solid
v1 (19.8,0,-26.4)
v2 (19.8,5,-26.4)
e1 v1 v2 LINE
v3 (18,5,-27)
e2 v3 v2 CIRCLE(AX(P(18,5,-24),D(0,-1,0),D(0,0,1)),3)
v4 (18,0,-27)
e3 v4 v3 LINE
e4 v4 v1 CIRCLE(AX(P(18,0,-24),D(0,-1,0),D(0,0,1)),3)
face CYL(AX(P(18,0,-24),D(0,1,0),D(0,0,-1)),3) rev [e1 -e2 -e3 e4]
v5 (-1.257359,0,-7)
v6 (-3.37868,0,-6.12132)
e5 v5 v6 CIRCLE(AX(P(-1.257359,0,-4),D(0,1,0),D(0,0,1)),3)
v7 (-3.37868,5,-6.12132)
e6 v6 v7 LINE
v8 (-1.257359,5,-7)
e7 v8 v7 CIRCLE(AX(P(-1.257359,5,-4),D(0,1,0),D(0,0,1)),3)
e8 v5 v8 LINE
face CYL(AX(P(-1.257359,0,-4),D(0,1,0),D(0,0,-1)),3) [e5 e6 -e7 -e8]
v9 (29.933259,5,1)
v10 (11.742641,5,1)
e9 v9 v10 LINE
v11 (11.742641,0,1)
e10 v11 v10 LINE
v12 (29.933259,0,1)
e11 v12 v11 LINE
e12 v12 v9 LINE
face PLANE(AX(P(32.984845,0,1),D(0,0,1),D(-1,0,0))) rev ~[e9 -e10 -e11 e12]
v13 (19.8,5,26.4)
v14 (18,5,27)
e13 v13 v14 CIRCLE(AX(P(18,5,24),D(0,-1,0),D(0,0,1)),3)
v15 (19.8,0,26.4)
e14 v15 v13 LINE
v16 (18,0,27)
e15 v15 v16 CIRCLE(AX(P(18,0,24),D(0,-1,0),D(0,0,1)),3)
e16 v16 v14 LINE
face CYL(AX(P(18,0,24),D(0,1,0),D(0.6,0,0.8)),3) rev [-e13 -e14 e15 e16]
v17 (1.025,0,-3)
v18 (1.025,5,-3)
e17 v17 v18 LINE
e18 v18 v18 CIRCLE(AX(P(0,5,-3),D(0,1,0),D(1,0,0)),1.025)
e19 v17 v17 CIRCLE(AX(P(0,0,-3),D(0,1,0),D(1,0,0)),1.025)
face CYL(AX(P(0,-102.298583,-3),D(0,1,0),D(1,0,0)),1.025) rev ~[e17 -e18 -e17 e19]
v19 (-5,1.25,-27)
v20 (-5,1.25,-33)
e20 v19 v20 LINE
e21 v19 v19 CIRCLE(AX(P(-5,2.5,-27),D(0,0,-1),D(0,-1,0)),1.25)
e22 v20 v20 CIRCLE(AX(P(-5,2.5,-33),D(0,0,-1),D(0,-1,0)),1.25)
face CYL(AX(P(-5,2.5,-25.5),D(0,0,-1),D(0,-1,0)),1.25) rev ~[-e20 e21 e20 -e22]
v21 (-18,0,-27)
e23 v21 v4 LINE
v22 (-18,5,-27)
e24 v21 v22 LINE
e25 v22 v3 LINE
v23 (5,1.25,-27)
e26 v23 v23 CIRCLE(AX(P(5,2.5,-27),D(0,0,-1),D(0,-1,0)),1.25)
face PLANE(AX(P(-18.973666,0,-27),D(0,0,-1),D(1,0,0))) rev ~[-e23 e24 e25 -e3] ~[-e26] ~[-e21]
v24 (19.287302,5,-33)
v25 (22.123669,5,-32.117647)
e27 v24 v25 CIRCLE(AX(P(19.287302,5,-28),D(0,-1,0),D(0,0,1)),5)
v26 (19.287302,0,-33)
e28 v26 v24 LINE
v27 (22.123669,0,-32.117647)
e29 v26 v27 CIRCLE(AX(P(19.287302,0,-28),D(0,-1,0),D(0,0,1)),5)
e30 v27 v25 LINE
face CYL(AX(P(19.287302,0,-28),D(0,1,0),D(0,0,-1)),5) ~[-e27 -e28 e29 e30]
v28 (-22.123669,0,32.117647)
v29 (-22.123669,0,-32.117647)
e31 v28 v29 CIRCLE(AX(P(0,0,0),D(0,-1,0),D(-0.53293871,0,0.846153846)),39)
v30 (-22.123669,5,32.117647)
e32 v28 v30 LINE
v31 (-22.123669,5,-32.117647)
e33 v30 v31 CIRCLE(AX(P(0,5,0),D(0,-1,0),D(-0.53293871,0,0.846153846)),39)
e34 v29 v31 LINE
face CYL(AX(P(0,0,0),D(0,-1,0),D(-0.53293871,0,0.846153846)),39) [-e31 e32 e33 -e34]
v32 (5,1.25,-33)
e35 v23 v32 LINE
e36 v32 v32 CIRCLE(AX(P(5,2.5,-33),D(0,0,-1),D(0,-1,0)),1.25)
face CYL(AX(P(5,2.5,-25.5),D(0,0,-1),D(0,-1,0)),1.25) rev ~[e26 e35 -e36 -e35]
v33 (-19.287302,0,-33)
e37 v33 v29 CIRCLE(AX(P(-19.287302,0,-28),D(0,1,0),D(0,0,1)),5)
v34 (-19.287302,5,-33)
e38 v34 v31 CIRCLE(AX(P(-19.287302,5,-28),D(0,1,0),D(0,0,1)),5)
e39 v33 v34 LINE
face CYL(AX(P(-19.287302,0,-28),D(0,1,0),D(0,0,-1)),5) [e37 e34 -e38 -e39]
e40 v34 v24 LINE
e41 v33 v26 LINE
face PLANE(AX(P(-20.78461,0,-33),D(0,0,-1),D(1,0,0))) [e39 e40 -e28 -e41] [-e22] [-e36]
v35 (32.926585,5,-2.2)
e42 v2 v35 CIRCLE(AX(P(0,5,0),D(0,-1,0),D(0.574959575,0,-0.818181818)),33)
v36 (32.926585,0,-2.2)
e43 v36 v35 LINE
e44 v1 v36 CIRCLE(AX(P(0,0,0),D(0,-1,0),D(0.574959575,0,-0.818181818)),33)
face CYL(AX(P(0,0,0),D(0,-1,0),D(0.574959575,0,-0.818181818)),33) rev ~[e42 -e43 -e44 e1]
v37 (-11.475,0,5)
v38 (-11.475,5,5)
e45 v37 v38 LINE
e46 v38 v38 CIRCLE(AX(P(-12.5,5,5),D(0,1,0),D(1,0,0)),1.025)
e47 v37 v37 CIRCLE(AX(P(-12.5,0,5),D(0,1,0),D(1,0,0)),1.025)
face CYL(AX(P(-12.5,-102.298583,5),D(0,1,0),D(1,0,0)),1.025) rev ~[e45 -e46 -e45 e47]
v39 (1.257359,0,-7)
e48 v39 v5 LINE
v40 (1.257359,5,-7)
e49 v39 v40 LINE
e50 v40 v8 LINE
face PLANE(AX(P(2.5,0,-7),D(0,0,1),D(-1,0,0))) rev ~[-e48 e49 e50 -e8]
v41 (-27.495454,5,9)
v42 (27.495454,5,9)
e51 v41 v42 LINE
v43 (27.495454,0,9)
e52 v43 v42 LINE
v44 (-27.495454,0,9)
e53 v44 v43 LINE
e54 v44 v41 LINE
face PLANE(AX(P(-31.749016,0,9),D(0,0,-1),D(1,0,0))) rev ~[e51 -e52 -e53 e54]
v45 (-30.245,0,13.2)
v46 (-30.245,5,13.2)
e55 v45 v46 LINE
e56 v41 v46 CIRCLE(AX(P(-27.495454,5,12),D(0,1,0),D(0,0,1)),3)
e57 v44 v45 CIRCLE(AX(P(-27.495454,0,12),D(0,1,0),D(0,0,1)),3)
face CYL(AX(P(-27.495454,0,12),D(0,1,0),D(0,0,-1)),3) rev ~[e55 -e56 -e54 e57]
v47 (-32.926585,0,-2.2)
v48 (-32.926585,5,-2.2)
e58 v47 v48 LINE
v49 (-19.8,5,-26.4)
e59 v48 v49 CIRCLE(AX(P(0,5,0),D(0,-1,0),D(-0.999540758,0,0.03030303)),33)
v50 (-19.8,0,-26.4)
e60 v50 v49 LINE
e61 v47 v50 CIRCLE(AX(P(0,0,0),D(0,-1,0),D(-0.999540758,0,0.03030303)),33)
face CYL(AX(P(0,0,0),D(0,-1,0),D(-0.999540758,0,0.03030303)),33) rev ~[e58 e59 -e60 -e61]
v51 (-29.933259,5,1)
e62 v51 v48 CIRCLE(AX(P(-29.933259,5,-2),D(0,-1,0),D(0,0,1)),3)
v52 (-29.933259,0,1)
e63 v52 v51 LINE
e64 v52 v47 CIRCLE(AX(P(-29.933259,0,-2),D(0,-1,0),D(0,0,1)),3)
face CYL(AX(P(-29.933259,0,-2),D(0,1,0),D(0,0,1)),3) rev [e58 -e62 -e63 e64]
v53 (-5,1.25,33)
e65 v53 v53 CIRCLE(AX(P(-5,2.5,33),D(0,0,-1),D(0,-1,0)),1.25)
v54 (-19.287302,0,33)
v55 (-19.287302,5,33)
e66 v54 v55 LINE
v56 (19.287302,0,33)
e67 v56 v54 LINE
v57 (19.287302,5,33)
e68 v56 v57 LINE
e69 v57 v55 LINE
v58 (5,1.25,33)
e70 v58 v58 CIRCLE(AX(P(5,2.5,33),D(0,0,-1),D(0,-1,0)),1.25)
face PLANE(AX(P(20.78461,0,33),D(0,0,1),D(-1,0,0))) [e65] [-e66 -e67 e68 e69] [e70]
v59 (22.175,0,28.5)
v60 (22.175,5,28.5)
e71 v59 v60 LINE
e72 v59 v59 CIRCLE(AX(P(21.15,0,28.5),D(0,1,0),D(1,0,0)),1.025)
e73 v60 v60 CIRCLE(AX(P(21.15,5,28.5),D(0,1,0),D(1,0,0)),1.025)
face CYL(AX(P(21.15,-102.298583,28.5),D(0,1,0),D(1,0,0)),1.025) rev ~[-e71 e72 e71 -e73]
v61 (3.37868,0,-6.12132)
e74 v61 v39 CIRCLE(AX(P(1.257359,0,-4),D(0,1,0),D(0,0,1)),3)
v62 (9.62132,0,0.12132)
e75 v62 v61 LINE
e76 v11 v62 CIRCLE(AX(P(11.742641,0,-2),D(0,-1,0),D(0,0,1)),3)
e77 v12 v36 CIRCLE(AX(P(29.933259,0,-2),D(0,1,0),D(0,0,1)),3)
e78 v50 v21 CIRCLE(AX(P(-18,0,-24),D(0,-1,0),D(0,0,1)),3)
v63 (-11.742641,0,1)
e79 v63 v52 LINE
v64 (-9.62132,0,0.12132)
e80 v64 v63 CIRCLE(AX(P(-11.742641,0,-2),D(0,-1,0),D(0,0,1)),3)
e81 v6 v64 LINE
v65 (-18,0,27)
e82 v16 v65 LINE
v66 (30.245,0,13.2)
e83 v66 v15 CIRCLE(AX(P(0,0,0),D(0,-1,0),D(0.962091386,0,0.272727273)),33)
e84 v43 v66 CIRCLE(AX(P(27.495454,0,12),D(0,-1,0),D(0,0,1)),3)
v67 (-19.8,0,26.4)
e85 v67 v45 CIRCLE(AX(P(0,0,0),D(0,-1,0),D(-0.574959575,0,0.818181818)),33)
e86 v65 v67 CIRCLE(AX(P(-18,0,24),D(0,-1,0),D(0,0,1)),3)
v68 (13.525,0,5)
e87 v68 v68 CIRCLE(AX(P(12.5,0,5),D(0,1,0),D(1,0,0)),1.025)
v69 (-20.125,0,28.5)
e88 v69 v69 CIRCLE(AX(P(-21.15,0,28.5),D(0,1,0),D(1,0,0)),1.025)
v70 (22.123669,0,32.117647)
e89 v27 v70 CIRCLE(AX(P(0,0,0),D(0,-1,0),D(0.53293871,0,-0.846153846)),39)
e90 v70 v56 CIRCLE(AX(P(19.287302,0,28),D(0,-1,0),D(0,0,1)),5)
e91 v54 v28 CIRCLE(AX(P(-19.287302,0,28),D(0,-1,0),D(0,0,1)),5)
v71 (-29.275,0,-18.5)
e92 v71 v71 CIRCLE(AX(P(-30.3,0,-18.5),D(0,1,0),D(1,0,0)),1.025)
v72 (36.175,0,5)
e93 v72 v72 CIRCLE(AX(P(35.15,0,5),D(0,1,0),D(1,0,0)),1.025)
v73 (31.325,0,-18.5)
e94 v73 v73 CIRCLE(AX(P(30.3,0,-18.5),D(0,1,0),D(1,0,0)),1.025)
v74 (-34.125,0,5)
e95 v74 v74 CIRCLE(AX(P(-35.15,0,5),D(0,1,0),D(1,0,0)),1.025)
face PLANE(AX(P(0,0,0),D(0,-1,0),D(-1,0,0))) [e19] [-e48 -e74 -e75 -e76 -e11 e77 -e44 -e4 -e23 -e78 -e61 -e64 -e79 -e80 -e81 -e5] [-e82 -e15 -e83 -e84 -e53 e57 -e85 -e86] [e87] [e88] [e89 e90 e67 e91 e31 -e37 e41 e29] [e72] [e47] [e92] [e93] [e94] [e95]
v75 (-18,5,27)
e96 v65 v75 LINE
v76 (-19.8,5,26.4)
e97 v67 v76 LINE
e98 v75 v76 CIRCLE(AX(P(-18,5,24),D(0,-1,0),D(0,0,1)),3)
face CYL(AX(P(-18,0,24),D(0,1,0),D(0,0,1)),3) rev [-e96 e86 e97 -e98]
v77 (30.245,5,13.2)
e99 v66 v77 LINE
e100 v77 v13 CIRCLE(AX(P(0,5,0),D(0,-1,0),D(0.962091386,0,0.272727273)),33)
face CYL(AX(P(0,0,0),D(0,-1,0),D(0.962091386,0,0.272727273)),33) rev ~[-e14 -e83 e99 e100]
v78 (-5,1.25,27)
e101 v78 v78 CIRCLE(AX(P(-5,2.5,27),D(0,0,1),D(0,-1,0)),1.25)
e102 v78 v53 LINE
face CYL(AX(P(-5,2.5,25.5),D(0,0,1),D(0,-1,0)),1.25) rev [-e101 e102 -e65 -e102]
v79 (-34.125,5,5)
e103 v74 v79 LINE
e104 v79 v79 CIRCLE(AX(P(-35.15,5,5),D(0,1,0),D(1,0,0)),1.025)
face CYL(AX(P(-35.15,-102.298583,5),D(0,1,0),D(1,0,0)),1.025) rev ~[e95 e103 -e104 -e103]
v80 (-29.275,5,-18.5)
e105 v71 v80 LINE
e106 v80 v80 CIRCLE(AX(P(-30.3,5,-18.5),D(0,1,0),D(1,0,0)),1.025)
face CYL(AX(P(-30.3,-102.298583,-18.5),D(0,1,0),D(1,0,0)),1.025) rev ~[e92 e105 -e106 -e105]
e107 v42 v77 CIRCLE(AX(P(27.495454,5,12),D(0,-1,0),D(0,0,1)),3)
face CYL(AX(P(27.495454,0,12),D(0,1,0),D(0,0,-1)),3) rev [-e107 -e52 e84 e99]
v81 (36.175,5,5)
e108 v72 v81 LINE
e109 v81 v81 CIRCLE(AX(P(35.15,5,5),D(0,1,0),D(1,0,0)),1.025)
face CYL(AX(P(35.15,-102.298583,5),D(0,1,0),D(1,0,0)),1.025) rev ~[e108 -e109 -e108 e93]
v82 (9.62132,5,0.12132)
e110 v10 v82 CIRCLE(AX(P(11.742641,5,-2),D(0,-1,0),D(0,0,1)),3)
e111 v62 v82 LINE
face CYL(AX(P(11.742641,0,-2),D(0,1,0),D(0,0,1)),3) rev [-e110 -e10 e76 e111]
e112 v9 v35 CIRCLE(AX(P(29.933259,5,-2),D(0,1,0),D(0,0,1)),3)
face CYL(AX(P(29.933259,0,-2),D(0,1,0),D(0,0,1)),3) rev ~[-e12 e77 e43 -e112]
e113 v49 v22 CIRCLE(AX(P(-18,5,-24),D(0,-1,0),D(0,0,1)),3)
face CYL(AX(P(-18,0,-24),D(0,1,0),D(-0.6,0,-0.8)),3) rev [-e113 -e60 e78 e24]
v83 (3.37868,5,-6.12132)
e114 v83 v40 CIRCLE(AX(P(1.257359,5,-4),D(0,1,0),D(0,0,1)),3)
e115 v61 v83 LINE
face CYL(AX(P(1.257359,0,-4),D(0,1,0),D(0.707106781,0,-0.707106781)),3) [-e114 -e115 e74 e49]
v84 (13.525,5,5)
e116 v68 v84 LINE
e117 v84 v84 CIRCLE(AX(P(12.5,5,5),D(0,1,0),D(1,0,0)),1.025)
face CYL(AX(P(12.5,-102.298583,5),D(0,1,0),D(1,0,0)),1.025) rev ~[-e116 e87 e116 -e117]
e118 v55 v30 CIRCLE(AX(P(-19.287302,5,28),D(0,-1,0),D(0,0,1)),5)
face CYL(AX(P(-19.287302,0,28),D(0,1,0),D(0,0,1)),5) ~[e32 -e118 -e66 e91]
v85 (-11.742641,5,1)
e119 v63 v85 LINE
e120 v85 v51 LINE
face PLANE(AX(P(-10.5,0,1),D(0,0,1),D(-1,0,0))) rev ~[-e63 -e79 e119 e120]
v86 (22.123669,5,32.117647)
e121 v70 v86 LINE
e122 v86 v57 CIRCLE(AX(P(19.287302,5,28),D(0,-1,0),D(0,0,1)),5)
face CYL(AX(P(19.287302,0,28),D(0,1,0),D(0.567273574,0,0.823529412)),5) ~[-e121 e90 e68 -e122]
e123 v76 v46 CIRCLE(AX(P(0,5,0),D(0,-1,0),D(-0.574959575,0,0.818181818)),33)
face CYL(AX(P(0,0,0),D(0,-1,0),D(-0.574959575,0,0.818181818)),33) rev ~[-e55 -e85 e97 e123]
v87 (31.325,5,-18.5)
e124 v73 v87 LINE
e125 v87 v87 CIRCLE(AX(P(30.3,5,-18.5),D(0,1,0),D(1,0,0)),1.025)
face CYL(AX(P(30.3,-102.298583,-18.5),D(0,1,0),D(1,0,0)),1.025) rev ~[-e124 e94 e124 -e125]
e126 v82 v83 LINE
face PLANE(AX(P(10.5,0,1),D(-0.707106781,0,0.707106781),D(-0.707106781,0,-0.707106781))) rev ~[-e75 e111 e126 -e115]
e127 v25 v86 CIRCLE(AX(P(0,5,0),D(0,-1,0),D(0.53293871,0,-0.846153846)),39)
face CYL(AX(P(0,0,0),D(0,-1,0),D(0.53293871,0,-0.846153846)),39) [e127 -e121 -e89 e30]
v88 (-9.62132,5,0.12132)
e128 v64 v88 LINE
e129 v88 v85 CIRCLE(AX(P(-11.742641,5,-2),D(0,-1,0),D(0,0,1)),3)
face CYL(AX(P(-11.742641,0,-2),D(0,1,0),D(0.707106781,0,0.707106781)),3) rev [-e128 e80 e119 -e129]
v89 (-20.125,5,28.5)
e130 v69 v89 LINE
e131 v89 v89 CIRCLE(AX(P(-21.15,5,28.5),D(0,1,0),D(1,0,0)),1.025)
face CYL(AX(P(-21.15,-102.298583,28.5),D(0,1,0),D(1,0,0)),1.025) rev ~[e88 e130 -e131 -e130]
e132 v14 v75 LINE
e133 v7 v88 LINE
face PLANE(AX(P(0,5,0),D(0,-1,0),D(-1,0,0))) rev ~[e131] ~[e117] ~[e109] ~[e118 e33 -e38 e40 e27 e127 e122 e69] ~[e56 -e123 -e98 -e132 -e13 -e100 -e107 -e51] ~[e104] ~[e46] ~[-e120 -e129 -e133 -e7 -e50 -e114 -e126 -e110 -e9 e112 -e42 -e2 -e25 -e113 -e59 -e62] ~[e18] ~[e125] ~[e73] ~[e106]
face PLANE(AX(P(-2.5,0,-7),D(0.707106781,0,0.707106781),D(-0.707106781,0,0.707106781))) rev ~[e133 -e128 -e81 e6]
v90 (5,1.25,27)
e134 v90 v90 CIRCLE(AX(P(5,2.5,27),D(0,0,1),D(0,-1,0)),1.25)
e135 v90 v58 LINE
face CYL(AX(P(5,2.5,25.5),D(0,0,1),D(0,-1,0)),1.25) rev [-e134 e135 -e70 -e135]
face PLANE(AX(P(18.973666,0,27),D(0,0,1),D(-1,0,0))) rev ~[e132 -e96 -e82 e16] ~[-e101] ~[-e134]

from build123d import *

# Parameters (mm, degrees)
BOSS_EXTRUDE1_DEPTH            = 5
FILLET1_R                      = 5
M3X0_5_TAPPED_HOLE1_AT_2_COUNT = 2
M3X0_5_TAPPED_HOLE1_AT_2_PITCH = 10
M2_5X0_45_TAPPED_HOLE2_D       = 2.05
CUT_EXTRUDE1_DEPTH             = 5
FILLET2_R                      = 3
M2_5X0_45_TAPPED_HOLE1_D       = 2.05


with BuildPart() as part:
    # Sketch1 → Boss-Extrude1 (new body)
    with BuildSketch(Plane(origin=(0, 0, 0), x_dir=(1, 0, 0), z_dir=(0, 1, 0))):
        with BuildLine():
            Line((-20.784609691, 33), (20.784609691, 33))
            ThreePointArc((20.784609691, 33), (39, 0), (20.784609691, -33))
            Line((20.784609691, -33), (-20.784609691, -33))
            ThreePointArc((-20.784609691, -33), (-39, 0), (-20.784609691, 33))
        make_face()
    extrude(amount=BOSS_EXTRUDE1_DEPTH)

    # Fillet1
    fillet1_edges = [part.edges().sort_by_distance(p)[0] for p in [
        (-20.784609691, 2.5, -33),
        (20.784609691, 2.5, -33),
        (20.784609691, 2.5, 33),
        (-20.784609691, 2.5, 33),
    ]]
    fillet(fillet1_edges, radius=FILLET1_R)

    # Sketch3 → M3x0.5 Tapped Hole1 (revolve, cut)
    with BuildSketch(Plane(origin=(-5, 2.5, 33), x_dir=(0, -1, 0), z_dir=(1, 0, 0))):
        Polygon((0, 0), (0, 8.251075774), (1.25, 7.5), (1.25, 0), align=None)
    m3x0_5_tapped_hole1 = revolve(axis=Axis((-5, 2.5, 39.35), (0, 0, -1)), mode=Mode.SUBTRACT)

    # M3x0.5 Tapped Hole1 at 2: M3x0.5 Tapped Hole1 ×2
    with Locations(*[(i * M3X0_5_TAPPED_HOLE1_AT_2_PITCH, 0, 0) for i in range(1, M3X0_5_TAPPED_HOLE1_AT_2_COUNT)]):
        add(m3x0_5_tapped_hole1, mode=Mode.SUBTRACT)

    # Mirror1: M3x0.5 Tapped Hole1 across plane
    add(m3x0_5_tapped_hole1.mirror(Plane.XY), mode=Mode.SUBTRACT)

    # Mirror1 copy 1 sketch → Mirror1 copy 1 (revolve, cut)
    with BuildSketch(Plane(origin=(5, 2.5, -33), x_dir=(0, -1, 0), z_dir=(1, 0, 0))):
        Polygon((0, 0), (0, -8.251075774), (1.25, -7.5), (1.25, 0), align=None)
    revolve(axis=Axis((5, 2.5, -39.35), (0, 0, -1)), mode=Mode.SUBTRACT)

    # M2.5x0.45 Tapped Hole2 (through all)
    with Locations(Plane(origin=(0, 0, 0), x_dir=(-1, 0, 0), z_dir=(0, -1, 0))):
        with Locations((12.5, -5), (-12.5, -5), (0, 3)):
            Hole(M2_5X0_45_TAPPED_HOLE2_D / 2)

    # Sketch6 → Cut-Extrude1 (cut)
    with BuildSketch(Plane.XZ):
        with BuildLine():
            Line((-31.749015733, 9), (31.749015733, 9))
            ThreePointArc((31.749015733, 9), (26.910919894, 19.099800796), (18.973665961, 27))
            Line((18.973665961, 27), (-18.973665961, 27))
            ThreePointArc((-18.973665961, 27), (-26.910919894, 19.099800796), (-31.749015733, 9))
        make_face()
        with BuildLine():
            Line((32.984845005, 1), (10.5, 1))
            Line((10.5, 1), (2.5, -7))
            Line((2.5, -7), (-2.5, -7))
            Line((-2.5, -7), (-10.5, 1))
            Line((-10.5, 1), (-32.984845005, 1))
            ThreePointArc((-32.984845005, 1), (-29.511382812, -14.767473872), (-18.973665961, -27))
            Line((-18.973665961, -27), (18.973665961, -27))
            ThreePointArc((18.973665961, -27), (29.511382812, -14.767473872), (32.984845005, 1))
        make_face()
    extrude(amount=-CUT_EXTRUDE1_DEPTH, mode=Mode.SUBTRACT)

    # Fillet2
    fillet2_edges = [part.edges().sort_by_distance(p)[0] for p in [
        (10.5, 2.5, 1),
        (2.5, 2.5, -7),
        (-2.5, 2.5, -7),
        (-10.5, 2.5, 1),
        (-32.984845005, 2.5, 1),
        (-18.973665961, 2.5, -27),
        (32.984845005, 2.5, 1),
        (-18.973665961, 2.5, 27),
        (31.749015733, 2.5, 9),
        (18.973665961, 2.5, 27),
        (-31.749015733, 2.5, 9),
        (18.973665961, 2.5, -27),
    ]]
    fillet(fillet2_edges, radius=FILLET2_R)

    # M2.5x0.45 Tapped Hole1 (through all)
    with Locations(Plane(origin=(0, 0, 0), x_dir=(-1, 0, 0), z_dir=(0, -1, 0))):
        with Locations((-21.15, -28.5), (21.15, -28.5), (30.3, 18.5), (-30.3, 18.5), (-35.15, -5), (35.15, -5)):
            Hole(M2_5X0_45_TAPPED_HOLE1_D / 2)


solid = part.part
